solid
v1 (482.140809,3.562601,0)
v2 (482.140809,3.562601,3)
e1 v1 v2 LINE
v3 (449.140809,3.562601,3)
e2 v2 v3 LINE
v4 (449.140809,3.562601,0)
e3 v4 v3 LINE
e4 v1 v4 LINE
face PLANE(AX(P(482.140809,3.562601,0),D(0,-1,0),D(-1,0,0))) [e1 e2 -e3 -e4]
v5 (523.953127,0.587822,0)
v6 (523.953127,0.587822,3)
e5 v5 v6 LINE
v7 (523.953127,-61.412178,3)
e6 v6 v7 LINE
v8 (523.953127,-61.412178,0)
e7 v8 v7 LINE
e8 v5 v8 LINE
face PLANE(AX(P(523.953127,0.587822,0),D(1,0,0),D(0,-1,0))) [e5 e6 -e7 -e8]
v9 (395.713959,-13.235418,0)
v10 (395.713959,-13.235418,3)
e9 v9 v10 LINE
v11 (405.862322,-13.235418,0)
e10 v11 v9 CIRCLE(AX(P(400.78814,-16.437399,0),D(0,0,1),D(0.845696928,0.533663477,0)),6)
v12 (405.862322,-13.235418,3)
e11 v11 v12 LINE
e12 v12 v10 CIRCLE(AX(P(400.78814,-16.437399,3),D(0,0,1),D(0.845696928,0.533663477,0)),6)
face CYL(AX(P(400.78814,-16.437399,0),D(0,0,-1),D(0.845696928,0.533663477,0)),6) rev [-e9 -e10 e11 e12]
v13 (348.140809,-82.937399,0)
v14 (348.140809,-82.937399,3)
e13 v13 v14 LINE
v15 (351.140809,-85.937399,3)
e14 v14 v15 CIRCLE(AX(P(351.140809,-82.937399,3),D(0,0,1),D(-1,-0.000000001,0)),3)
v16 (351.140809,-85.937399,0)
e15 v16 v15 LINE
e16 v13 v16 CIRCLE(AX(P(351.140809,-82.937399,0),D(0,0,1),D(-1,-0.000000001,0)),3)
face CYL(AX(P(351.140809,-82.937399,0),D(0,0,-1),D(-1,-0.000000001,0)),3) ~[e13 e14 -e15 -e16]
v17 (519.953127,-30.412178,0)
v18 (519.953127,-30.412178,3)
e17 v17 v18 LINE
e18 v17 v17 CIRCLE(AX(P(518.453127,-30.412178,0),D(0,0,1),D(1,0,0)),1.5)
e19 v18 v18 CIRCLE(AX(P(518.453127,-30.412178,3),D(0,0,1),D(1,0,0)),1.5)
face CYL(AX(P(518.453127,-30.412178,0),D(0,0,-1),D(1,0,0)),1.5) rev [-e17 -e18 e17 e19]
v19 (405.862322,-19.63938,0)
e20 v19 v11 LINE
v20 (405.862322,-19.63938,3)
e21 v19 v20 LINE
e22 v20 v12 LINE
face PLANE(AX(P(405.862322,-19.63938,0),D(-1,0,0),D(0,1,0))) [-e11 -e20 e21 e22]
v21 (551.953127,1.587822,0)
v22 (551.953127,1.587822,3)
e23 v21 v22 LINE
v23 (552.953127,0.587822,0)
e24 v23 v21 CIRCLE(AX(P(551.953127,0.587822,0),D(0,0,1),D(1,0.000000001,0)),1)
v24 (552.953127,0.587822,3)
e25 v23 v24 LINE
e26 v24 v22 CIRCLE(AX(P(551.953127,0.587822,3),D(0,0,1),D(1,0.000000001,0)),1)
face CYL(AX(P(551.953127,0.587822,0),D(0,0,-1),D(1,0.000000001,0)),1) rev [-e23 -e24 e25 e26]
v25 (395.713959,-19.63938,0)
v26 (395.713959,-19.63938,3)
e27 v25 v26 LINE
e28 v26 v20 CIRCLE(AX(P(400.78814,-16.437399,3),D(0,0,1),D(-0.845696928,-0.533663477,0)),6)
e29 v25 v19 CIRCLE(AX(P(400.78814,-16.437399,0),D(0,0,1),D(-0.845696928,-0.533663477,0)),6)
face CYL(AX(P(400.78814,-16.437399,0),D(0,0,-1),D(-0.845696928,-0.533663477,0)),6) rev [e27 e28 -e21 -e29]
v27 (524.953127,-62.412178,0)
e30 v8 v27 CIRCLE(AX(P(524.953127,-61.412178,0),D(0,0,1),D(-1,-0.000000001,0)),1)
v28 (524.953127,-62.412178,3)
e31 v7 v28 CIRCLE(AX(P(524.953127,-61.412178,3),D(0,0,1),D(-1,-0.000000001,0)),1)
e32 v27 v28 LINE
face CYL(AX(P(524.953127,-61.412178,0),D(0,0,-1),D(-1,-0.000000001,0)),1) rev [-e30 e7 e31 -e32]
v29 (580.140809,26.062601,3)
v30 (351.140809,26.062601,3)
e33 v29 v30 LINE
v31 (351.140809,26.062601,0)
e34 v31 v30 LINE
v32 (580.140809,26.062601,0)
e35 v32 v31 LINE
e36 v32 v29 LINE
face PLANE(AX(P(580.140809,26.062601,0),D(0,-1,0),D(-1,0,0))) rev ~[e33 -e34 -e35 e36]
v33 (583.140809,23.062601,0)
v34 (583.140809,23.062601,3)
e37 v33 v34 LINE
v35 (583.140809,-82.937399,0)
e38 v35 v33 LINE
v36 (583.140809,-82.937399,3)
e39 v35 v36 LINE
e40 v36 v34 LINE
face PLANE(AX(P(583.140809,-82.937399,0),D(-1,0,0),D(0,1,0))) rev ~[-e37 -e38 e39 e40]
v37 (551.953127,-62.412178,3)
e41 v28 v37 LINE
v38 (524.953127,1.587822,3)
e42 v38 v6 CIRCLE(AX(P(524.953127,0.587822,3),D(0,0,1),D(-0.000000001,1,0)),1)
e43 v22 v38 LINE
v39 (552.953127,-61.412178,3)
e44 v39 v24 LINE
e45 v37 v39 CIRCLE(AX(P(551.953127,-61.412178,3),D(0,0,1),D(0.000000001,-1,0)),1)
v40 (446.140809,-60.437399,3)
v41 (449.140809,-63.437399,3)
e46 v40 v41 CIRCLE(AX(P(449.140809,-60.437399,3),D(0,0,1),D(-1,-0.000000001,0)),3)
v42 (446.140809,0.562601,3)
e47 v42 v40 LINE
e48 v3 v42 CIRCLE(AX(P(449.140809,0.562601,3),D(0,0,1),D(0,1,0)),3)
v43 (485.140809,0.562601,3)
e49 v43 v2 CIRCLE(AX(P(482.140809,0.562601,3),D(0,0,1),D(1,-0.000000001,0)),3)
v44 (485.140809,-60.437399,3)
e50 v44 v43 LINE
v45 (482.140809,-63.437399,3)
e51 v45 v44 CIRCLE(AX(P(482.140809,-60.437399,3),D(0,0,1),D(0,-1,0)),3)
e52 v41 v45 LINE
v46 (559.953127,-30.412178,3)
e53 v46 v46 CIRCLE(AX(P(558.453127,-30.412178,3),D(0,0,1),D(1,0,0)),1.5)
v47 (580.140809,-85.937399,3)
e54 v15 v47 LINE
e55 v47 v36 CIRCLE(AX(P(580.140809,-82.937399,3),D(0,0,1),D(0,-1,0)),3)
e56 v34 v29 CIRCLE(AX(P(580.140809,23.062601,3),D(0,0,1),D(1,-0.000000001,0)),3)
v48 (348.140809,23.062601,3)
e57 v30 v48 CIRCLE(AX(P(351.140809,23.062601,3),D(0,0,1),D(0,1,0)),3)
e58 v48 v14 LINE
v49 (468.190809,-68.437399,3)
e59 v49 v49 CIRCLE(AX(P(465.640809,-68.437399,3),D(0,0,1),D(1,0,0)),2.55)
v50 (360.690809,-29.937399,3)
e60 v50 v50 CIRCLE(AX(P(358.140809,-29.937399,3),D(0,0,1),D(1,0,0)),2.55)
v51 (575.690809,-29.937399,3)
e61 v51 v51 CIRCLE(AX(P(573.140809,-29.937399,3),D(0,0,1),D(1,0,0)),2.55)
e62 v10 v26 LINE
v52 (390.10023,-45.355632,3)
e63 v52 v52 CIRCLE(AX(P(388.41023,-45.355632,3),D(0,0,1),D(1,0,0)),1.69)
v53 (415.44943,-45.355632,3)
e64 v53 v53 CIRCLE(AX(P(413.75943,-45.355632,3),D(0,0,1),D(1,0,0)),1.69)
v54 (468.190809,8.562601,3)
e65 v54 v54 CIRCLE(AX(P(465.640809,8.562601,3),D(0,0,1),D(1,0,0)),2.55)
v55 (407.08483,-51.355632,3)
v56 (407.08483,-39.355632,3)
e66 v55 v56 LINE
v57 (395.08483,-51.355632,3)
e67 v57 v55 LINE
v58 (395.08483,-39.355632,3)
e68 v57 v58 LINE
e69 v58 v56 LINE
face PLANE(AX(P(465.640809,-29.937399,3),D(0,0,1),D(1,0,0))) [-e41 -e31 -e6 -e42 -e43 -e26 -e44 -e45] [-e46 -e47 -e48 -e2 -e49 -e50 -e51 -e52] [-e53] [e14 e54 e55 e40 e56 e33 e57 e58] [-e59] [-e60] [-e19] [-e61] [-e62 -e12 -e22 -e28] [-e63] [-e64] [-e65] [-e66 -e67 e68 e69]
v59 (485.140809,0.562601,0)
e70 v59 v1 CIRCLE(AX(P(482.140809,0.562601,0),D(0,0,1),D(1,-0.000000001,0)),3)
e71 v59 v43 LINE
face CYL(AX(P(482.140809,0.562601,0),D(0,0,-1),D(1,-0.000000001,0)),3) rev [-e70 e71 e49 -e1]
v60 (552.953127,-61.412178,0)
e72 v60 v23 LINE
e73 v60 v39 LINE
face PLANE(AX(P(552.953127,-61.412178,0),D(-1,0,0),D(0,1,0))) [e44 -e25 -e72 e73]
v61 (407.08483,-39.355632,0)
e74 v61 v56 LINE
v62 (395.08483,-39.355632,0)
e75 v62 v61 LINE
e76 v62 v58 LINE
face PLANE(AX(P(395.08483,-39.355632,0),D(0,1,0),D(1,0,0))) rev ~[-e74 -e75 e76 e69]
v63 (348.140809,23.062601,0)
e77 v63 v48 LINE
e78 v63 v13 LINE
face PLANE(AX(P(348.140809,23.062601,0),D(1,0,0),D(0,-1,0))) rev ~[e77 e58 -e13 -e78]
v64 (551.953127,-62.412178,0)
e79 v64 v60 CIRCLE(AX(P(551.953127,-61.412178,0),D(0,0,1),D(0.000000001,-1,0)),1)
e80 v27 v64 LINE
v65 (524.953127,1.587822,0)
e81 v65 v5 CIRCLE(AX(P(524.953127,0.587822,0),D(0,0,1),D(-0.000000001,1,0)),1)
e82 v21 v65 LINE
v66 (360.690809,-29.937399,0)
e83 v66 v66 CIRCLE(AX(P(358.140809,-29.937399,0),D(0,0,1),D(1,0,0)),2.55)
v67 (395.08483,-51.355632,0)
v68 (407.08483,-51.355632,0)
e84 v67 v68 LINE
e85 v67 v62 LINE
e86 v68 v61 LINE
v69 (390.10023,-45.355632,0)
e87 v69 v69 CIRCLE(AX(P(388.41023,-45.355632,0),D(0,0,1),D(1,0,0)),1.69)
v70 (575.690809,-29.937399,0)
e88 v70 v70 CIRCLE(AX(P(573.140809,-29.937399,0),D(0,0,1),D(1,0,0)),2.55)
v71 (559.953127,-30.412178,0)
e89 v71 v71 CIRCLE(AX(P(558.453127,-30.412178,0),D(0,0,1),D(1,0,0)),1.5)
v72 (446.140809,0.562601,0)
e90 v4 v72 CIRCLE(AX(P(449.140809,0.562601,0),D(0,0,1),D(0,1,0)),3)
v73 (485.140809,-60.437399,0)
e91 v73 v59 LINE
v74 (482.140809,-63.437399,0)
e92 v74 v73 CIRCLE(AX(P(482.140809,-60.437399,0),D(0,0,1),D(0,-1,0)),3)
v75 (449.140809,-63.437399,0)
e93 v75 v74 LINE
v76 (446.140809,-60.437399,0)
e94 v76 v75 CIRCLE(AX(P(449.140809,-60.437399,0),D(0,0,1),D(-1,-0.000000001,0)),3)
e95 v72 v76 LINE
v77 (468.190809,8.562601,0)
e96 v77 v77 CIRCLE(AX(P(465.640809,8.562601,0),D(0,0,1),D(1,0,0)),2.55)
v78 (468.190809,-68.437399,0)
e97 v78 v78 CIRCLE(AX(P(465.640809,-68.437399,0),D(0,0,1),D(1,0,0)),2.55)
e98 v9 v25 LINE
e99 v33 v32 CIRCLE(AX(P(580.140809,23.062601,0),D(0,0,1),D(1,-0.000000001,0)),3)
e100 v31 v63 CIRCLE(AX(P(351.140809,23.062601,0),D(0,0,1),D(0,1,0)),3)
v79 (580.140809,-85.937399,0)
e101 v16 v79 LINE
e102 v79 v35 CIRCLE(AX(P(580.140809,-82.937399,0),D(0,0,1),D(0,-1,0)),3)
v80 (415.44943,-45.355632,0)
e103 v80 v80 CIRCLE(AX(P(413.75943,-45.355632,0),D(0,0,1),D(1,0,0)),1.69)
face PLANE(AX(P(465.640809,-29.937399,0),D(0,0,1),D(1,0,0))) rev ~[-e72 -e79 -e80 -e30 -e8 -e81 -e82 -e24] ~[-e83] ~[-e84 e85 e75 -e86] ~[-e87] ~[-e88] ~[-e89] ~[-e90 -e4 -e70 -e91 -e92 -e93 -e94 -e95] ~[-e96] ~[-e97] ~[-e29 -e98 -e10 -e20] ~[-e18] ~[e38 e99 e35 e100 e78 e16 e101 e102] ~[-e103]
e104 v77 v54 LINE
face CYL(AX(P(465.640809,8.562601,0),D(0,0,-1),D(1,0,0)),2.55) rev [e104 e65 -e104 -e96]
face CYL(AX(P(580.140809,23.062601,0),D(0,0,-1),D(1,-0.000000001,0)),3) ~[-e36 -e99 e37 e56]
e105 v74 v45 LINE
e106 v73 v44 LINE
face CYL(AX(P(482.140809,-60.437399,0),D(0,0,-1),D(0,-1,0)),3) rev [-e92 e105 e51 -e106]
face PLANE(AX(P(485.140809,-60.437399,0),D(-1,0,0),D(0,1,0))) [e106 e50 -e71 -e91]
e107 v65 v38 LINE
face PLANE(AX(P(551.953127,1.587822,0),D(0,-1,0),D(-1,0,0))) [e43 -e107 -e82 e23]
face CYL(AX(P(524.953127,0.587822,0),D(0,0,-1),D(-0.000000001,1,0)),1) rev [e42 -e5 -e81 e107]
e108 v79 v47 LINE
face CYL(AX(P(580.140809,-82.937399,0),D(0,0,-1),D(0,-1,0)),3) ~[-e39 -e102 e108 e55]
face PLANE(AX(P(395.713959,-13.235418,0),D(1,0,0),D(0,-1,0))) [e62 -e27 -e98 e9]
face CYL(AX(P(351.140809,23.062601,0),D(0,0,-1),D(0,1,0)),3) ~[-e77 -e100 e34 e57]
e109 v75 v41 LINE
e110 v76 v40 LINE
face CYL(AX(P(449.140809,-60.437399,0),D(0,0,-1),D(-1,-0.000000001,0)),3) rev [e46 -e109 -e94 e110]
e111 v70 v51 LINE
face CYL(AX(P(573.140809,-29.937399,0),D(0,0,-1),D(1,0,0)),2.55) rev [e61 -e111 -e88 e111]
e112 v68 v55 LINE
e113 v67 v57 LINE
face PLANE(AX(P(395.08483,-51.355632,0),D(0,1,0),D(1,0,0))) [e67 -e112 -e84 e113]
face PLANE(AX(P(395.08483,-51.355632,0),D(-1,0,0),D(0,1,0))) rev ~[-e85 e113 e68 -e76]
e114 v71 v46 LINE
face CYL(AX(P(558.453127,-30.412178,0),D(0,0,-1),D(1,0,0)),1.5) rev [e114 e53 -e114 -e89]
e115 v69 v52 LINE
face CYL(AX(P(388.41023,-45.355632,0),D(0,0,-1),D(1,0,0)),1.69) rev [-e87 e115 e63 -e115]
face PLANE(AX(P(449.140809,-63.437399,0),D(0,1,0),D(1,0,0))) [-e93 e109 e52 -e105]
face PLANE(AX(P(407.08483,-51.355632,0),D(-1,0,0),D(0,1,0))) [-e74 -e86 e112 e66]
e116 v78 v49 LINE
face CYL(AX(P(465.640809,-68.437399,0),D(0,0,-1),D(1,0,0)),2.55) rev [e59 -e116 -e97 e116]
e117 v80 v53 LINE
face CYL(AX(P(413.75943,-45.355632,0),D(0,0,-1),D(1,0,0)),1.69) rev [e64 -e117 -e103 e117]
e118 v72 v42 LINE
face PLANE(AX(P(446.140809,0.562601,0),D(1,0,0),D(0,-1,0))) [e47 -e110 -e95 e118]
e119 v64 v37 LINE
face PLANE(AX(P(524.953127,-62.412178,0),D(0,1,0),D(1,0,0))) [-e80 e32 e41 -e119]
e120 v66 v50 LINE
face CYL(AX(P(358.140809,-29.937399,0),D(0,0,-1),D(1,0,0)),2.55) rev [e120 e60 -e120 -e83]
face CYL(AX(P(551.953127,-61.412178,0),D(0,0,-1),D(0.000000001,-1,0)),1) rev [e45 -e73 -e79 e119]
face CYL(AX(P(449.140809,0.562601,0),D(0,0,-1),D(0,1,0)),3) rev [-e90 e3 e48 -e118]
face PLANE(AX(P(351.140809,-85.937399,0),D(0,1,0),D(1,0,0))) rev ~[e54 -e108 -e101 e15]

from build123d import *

# Parameters (mm, degrees)
SKETCH1_R           = 2.55
SKETCH1_R_2         = 1.69
SKETCH1_R_3         = 1.5
SKETCH1_W           = 12
SKETCH1_H           = 12
BOSS_EXTRUDE1_DEPTH = 3


with BuildPart() as part:
    # Sketch1 → Boss-Extrude1 (new body)
    with BuildSketch(Plane.XY):
        with BuildLine():
            Line((580.140809409, 26.062600666), (351.140809409, 26.062600666))
            ThreePointArc((351.140809409, 26.062600666), (349.019489066, 25.18392101), (348.140809409, 23.062600666))
            Line((348.140809409, 23.062600666), (348.140809409, -82.937399334))
            ThreePointArc((348.140809409, -82.937399334), (349.019489066, -85.058719677), (351.140809409, -85.937399334))
            Line((351.140809409, -85.937399334), (580.140809409, -85.937399334))
            ThreePointArc((580.140809409, -85.937399334), (582.262129753, -85.058719677), (583.140809409, -82.937399334))
            Line((583.140809409, -82.937399334), (583.140809409, 23.062600666))
            ThreePointArc((583.140809409, 23.062600666), (582.262129753, 25.18392101), (580.140809409, 26.062600666))
        make_face()
        with Locations((465.640809409, 8.562600666)):
            Circle(SKETCH1_R, mode=Mode.SUBTRACT)
        with Locations((465.640809409, -68.437399334)):
            Circle(SKETCH1_R, mode=Mode.SUBTRACT)
        with Locations((388.410230248, -45.355631642)):
            Circle(SKETCH1_R_2, mode=Mode.SUBTRACT)
        with Locations((413.759430248, -45.355631642)):
            Circle(SKETCH1_R_2, mode=Mode.SUBTRACT)
        with Locations((518.453126584, -30.412177954)):
            Circle(SKETCH1_R_3, mode=Mode.SUBTRACT)
        with Locations((558.453126584, -30.412177954)):
            Circle(SKETCH1_R_3, mode=Mode.SUBTRACT)
        with Locations((573.140809409, -29.937399334)):
            Circle(SKETCH1_R, mode=Mode.SUBTRACT)
        with Locations((358.140809409, -29.937399334)):
            Circle(SKETCH1_R, mode=Mode.SUBTRACT)
        with BuildLine():
            Line((405.862321678, -19.639380196), (405.862321678, -13.235418472))
            ThreePointArc((405.862321678, -13.235418472), (400.788140112, -10.437399334), (395.713958547, -13.235418472))
            Line((395.713958547, -13.235418472), (395.713958547, -19.639380196))
            ThreePointArc((395.713958547, -19.639380196), (400.788140112, -22.437399334), (405.862321678, -19.639380196))
        make_face(mode=Mode.SUBTRACT)
        with BuildLine():
            Line((482.140809409, 3.562600666), (449.140809409, 3.562600666))
            ThreePointArc((449.140809409, 3.562600666), (447.019489066, 2.68392101), (446.140809409, 0.562600666))
            Line((446.140809409, 0.562600666), (446.140809409, -60.437399334))
            ThreePointArc((446.140809409, -60.437399334), (447.019489066, -62.558719677), (449.140809409, -63.437399334))
            Line((449.140809409, -63.437399334), (482.140809409, -63.437399334))
            ThreePointArc((482.140809409, -63.437399334), (484.262129753, -62.558719677), (485.140809409, -60.437399334))
            Line((485.140809409, -60.437399334), (485.140809409, 0.562600666))
            ThreePointArc((485.140809409, 0.562600666), (484.262129753, 2.68392101), (482.140809409, 3.562600666))
        make_face(mode=Mode.SUBTRACT)
        with Locations((401.084830248, -45.355631642)):
            Rectangle(SKETCH1_W, SKETCH1_H, mode=Mode.SUBTRACT)
        with BuildLine():
            Line((551.953126584, 1.587822046), (524.953126584, 1.587822046))
            ThreePointArc((524.953126584, 1.587822046), (524.246019803, 1.294928827), (523.953126584, 0.587822046))
            Line((523.953126584, 0.587822046), (523.953126584, -61.412177954))
            ThreePointArc((523.953126584, -61.412177954), (524.246019803, -62.119284735), (524.953126584, -62.412177954))
            Line((524.953126584, -62.412177954), (551.953126584, -62.412177954))
            ThreePointArc((551.953126584, -62.412177954), (552.660233365, -62.119284735), (552.953126584, -61.412177954))
            Line((552.953126584, -61.412177954), (552.953126584, 0.587822046))
            ThreePointArc((552.953126584, 0.587822046), (552.660233365, 1.294928827), (551.953126584, 1.587822046))
        make_face(mode=Mode.SUBTRACT)
    extrude(amount=BOSS_EXTRUDE1_DEPTH)


solid = part.part
